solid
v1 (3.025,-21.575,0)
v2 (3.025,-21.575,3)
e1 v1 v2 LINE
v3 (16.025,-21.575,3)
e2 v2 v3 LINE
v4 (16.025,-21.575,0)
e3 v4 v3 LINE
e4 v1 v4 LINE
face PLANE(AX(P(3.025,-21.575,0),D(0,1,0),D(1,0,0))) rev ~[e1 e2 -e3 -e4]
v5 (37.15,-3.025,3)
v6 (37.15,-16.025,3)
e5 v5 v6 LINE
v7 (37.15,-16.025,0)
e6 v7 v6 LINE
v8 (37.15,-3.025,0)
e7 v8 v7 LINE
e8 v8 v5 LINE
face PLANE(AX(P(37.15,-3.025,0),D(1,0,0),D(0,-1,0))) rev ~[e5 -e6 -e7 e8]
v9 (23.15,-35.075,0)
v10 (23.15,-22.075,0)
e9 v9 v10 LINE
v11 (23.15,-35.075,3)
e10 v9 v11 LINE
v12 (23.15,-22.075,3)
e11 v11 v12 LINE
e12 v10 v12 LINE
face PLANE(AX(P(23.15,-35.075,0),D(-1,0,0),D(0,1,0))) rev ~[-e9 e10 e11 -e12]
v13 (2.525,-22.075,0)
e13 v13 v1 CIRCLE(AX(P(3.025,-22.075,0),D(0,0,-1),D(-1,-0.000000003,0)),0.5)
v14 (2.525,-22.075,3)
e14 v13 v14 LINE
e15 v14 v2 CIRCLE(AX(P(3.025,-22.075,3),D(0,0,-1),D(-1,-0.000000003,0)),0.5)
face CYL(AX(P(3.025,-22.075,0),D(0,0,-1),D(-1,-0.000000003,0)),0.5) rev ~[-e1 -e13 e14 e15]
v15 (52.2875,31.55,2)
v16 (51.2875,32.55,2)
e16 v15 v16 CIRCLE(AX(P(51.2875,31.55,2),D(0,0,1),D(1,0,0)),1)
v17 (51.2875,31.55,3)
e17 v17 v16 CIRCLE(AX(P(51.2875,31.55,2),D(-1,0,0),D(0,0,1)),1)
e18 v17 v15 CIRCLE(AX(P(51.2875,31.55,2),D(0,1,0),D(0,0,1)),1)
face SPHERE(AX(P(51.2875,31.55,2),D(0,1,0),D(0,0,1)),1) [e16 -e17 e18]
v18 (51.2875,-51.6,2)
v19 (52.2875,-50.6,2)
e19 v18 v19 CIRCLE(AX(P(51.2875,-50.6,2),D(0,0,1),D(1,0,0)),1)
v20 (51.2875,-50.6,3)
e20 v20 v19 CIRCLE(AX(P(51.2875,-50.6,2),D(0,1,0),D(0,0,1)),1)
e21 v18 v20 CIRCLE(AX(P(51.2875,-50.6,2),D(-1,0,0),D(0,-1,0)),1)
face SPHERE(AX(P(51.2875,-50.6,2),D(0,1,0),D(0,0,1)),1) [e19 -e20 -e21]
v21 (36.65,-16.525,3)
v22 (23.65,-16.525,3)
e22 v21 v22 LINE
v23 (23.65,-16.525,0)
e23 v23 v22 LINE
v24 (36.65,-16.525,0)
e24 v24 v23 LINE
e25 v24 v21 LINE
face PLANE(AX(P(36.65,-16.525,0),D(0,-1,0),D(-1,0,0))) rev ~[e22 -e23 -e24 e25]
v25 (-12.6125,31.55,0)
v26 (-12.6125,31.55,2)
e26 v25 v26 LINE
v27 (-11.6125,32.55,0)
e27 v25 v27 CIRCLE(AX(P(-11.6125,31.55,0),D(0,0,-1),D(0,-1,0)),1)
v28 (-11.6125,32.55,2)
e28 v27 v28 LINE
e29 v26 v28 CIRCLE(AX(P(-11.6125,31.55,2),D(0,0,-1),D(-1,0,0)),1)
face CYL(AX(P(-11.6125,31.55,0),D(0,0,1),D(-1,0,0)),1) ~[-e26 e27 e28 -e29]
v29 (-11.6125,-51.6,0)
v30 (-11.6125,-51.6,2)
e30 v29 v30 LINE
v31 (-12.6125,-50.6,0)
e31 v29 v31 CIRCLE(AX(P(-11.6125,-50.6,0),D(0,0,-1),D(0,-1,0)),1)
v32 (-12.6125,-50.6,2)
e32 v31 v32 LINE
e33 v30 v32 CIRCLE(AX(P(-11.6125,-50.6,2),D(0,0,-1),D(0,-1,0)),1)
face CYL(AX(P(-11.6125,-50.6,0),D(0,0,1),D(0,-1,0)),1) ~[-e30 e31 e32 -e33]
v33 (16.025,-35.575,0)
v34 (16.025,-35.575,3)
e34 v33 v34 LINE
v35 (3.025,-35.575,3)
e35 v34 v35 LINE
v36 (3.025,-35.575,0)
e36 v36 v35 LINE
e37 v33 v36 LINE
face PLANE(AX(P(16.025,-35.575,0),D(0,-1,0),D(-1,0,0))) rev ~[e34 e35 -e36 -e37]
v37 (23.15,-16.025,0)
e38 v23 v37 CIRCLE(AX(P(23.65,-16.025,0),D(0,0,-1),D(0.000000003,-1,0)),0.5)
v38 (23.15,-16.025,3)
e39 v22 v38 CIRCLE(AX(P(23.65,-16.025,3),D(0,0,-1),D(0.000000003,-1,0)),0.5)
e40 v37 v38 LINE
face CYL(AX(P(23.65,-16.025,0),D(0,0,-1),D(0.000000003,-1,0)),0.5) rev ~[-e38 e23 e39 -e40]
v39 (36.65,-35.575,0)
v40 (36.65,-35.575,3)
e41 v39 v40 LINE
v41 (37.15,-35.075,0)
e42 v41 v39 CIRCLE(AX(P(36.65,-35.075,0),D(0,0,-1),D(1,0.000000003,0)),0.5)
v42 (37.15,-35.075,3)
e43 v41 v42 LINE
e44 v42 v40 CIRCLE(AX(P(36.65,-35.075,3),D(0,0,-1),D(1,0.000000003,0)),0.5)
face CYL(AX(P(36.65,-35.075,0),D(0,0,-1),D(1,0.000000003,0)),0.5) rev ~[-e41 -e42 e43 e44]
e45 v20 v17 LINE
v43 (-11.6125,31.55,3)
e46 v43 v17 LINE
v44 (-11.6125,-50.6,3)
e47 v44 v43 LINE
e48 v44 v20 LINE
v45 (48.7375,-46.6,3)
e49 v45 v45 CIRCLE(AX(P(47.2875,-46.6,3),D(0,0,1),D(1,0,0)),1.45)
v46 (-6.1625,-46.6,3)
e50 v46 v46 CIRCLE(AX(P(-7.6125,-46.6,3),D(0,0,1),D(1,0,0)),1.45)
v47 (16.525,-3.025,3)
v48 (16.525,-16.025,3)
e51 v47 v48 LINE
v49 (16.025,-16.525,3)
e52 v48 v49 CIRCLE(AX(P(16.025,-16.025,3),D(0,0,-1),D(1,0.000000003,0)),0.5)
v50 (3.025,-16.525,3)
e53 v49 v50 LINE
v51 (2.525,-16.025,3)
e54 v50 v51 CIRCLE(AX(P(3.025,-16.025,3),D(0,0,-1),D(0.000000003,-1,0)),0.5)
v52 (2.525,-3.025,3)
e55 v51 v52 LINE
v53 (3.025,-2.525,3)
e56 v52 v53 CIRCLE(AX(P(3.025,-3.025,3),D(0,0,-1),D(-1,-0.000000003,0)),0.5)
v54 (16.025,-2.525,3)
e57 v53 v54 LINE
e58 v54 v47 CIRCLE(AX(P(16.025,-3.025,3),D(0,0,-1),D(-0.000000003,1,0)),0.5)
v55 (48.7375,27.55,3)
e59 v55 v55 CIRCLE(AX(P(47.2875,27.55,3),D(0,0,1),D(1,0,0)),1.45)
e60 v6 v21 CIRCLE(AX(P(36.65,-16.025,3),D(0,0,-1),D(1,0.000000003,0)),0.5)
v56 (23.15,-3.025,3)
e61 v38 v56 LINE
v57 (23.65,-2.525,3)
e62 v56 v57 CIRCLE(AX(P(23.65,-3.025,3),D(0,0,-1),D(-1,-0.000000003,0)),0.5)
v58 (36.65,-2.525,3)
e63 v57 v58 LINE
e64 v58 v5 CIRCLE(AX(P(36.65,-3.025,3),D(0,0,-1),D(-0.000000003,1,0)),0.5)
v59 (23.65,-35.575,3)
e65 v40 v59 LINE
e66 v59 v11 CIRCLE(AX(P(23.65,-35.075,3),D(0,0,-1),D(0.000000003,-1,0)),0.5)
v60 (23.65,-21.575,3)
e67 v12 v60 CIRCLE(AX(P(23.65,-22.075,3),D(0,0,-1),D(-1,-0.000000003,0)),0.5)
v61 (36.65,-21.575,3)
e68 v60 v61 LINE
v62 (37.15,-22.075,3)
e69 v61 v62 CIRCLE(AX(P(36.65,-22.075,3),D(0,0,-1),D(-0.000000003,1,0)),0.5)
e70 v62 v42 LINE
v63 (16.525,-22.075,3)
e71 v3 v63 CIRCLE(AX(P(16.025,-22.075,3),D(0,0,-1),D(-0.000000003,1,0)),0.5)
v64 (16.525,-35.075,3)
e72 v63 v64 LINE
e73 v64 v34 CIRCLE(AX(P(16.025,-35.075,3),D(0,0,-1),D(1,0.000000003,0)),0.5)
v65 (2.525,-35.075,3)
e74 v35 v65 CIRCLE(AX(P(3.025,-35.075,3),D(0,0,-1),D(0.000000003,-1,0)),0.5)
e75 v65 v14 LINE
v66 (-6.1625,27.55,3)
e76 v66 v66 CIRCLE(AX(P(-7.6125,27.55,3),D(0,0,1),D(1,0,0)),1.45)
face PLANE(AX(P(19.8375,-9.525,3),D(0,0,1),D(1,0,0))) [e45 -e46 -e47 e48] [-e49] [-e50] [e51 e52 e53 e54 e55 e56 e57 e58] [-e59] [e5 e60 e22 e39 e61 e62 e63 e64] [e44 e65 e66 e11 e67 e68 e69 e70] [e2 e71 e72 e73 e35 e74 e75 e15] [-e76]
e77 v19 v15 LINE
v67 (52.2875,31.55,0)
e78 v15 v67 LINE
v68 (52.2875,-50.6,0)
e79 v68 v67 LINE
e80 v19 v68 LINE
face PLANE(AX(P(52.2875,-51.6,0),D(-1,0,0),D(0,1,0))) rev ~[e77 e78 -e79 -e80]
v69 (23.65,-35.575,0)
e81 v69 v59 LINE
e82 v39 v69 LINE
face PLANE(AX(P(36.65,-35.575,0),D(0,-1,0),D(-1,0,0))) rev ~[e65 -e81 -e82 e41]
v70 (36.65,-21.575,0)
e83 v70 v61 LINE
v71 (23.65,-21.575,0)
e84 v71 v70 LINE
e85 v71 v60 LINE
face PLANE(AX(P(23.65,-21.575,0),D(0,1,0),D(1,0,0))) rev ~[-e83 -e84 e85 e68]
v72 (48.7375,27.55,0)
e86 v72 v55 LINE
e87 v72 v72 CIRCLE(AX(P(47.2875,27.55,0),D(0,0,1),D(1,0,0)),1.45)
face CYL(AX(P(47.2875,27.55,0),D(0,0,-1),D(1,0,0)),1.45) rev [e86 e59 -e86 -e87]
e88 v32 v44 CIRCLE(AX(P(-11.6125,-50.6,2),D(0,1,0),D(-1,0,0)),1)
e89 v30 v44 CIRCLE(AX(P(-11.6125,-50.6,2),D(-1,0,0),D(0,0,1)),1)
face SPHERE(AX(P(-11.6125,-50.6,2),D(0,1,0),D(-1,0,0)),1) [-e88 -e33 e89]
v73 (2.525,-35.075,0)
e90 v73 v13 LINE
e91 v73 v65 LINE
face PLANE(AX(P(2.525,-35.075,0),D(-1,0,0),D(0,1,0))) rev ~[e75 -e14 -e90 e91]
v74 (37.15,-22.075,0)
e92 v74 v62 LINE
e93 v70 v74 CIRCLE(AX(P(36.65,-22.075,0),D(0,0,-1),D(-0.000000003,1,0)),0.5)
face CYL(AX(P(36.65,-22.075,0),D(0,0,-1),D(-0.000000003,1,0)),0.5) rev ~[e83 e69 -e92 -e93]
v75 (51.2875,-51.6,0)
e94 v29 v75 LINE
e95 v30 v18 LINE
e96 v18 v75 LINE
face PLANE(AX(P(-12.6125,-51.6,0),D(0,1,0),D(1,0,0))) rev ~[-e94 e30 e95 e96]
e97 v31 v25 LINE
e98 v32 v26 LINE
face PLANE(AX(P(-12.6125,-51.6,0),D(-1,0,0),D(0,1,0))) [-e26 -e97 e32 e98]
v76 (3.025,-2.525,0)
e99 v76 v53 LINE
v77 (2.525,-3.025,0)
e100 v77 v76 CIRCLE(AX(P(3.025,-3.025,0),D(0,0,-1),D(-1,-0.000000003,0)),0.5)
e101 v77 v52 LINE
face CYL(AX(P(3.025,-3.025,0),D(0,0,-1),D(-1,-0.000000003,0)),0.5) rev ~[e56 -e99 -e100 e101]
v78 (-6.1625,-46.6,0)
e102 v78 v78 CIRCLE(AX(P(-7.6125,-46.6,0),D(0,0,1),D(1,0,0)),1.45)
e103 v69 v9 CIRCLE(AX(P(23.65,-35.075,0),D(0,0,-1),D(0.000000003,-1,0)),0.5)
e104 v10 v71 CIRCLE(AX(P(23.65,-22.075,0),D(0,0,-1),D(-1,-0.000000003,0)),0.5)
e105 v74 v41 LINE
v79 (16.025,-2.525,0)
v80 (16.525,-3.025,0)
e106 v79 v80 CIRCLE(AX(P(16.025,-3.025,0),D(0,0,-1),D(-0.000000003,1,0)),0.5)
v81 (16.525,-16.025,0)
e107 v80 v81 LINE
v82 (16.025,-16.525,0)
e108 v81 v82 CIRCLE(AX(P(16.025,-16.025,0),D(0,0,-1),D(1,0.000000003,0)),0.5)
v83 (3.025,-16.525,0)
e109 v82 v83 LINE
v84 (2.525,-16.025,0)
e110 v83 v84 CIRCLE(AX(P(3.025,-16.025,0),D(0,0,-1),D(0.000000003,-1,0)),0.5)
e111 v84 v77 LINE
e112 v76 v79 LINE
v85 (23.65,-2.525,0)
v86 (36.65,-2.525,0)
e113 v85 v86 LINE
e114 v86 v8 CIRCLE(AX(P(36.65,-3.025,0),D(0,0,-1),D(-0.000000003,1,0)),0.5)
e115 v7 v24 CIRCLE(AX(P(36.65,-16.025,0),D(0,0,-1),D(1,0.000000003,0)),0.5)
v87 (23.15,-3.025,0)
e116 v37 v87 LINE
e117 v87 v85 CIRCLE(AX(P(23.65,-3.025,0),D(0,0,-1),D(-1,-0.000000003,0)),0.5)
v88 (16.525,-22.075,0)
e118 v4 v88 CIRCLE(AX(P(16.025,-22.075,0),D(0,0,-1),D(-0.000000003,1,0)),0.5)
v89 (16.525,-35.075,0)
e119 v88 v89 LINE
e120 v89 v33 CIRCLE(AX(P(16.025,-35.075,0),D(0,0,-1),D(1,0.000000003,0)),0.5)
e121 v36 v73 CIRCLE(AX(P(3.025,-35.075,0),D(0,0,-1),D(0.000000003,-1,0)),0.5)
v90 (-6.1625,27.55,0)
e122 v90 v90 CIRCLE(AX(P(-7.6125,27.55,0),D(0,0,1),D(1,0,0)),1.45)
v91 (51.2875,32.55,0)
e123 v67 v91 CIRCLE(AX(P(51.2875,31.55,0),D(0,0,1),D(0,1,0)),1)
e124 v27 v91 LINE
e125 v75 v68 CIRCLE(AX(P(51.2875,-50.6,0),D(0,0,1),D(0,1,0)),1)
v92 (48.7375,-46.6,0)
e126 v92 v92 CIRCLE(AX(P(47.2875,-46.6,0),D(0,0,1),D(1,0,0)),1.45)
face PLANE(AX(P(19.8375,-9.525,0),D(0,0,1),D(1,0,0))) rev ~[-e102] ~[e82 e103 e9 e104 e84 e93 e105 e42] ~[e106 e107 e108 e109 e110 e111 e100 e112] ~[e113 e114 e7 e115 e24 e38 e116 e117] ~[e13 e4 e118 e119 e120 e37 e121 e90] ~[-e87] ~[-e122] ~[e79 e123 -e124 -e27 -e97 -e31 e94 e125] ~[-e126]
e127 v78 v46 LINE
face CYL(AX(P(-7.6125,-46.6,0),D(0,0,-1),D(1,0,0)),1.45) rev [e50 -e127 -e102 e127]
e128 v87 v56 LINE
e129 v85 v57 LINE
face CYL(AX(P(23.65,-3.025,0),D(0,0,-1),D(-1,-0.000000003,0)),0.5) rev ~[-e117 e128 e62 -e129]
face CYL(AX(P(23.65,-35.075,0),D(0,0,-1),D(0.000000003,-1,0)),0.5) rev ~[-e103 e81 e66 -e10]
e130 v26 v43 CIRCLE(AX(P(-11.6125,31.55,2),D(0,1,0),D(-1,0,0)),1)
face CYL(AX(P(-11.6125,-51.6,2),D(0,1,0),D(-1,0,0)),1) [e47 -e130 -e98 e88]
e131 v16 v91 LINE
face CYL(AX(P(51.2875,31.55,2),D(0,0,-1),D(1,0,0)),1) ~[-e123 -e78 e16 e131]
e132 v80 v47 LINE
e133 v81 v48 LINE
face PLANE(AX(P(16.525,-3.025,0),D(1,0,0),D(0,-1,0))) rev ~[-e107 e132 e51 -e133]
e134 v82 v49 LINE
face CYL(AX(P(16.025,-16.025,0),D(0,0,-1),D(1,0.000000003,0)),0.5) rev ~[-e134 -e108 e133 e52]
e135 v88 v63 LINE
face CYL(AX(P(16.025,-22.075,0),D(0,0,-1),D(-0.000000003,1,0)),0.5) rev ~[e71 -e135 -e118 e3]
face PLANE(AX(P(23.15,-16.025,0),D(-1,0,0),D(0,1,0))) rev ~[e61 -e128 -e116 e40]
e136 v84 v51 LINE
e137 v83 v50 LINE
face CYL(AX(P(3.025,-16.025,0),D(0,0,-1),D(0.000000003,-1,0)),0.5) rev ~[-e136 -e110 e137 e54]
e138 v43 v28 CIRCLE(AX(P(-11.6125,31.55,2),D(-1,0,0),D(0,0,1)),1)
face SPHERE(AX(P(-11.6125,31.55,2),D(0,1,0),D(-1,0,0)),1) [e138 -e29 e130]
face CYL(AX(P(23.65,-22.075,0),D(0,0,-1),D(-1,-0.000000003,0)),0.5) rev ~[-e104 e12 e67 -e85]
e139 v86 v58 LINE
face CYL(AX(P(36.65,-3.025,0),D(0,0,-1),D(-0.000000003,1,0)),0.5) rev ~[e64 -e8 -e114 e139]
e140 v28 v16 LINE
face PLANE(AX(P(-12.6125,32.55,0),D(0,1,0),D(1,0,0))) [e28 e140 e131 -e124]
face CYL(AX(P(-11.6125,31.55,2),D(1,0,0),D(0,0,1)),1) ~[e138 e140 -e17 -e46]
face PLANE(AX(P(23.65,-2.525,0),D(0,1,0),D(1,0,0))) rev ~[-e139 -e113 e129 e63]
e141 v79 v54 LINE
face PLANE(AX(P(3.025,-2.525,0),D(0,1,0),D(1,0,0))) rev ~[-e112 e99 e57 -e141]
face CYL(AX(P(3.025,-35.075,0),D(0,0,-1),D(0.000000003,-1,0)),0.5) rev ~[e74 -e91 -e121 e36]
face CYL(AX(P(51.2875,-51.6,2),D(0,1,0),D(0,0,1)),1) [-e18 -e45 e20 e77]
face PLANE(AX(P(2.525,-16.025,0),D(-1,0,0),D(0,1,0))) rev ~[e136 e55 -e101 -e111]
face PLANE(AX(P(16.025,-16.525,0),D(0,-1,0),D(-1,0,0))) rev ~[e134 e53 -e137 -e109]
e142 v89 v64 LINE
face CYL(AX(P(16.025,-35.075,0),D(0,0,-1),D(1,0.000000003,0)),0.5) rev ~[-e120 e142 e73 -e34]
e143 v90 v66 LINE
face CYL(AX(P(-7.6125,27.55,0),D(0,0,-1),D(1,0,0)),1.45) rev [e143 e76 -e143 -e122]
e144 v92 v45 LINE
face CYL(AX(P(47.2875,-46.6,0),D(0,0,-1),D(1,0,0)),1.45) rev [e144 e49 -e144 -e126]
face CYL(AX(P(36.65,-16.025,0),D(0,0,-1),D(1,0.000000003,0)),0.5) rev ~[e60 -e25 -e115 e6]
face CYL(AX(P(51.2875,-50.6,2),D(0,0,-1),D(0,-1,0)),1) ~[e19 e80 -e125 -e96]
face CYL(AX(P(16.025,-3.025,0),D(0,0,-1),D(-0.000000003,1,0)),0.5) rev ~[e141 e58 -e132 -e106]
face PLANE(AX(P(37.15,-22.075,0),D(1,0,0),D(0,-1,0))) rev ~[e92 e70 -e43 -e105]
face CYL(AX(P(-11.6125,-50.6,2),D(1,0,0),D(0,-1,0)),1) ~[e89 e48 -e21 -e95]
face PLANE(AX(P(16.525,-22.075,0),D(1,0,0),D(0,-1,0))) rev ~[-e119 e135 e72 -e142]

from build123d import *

# Parameters (mm, degrees)
MODEL_W            = 64.9
MODEL_H            = 84.15
MODEL_R            = 1.45
BOSS_EXTRU_2_DEPTH = 3
CONG_1_R           = 1
CONG_2_R           = 1
CONG_4_R           = 1
CONG_5_R           = 1


with BuildPart() as part:
    # Model → Boss.-Extru.2 (new body)
    with BuildSketch(Plane.XY):
        with Locations((19.8375, -9.525)):
            Rectangle(MODEL_W, MODEL_H)
        with Locations((-7.6125, 27.55)):
            Circle(MODEL_R, mode=Mode.SUBTRACT)
        with Locations((47.2875, 27.55)):
            Circle(MODEL_R, mode=Mode.SUBTRACT)
        with Locations((47.2875, -46.6)):
            Circle(MODEL_R, mode=Mode.SUBTRACT)
        with Locations((-7.6125, -46.6)):
            Circle(MODEL_R, mode=Mode.SUBTRACT)
        with BuildLine():
            Line((3.025, -2.525), (16.025, -2.525))
            ThreePointArc((16.025, -2.525), (16.378553391, -2.671446609), (16.525, -3.025))
            Line((16.525, -3.025), (16.525, -16.025))
            ThreePointArc((16.525, -16.025), (16.378553391, -16.378553391), (16.025, -16.525))
            Line((16.025, -16.525), (3.025, -16.525))
            ThreePointArc((3.025, -16.525), (2.671446609, -16.378553391), (2.525, -16.025))
            Line((2.525, -16.025), (2.525, -3.025))
            ThreePointArc((2.525, -3.025), (2.671446609, -2.671446609), (3.025, -2.525))
        make_face(mode=Mode.SUBTRACT)
        with BuildLine():
            Line((23.65, -2.525), (36.65, -2.525))
            ThreePointArc((36.65, -2.525), (37.003553391, -2.671446609), (37.15, -3.025))
            Line((37.15, -3.025), (37.15, -16.025))
            ThreePointArc((37.15, -16.025), (37.003553391, -16.378553391), (36.65, -16.525))
            Line((36.65, -16.525), (23.65, -16.525))
            ThreePointArc((23.65, -16.525), (23.296446609, -16.378553391), (23.15, -16.025))
            Line((23.15, -16.025), (23.15, -3.025))
            ThreePointArc((23.15, -3.025), (23.296446609, -2.671446609), (23.65, -2.525))
        make_face(mode=Mode.SUBTRACT)
        with BuildLine():
            Line((3.025, -21.575), (16.025, -21.575))
            ThreePointArc((16.025, -21.575), (16.378553391, -21.721446609), (16.525, -22.075))
            Line((16.525, -22.075), (16.525, -35.075))
            ThreePointArc((16.525, -35.075), (16.378553391, -35.428553391), (16.025, -35.575))
            Line((16.025, -35.575), (3.025, -35.575))
            ThreePointArc((3.025, -35.575), (2.671446609, -35.428553391), (2.525, -35.075))
            Line((2.525, -35.075), (2.525, -22.075))
            ThreePointArc((2.525, -22.075), (2.671446609, -21.721446609), (3.025, -21.575))
        make_face(mode=Mode.SUBTRACT)
        with BuildLine():
            Line((23.65, -21.575), (36.65, -21.575))
            ThreePointArc((36.65, -21.575), (37.003553391, -21.721446609), (37.15, -22.075))
            Line((37.15, -22.075), (37.15, -35.075))
            ThreePointArc((37.15, -35.075), (37.003553391, -35.428553391), (36.65, -35.575))
            Line((36.65, -35.575), (23.65, -35.575))
            ThreePointArc((23.65, -35.575), (23.296446609, -35.428553391), (23.15, -35.075))
            Line((23.15, -35.075), (23.15, -22.075))
            ThreePointArc((23.15, -22.075), (23.296446609, -21.721446609), (23.65, -21.575))
        make_face(mode=Mode.SUBTRACT)
    extrude(amount=BOSS_EXTRU_2_DEPTH)

    # Congé1
    cong_1_edges = [part.edges().sort_by_distance(p)[0] for p in [
        (-12.6125, -9.525, 3),
    ]]
    fillet(cong_1_edges, radius=CONG_1_R)

    # Congé2
    cong_2_edges = [part.edges().sort_by_distance(p)[0] for p in [
        (52.2875, -9.525, 3),
    ]]
    fillet(cong_2_edges, radius=CONG_2_R)

    # Congé4
    cong_4_edges = [part.edges().sort_by_distance(p)[0] for p in [
        (19.8375, -51.6, 3),
        (-12.6125, -51.6, 1),
        (-12.319606781, -51.6, 2.707106781),
        (52.2875, -51.6, 1),
        (51.994606781, -51.6, 2.707106781),
    ]]
    fillet(cong_4_edges, radius=CONG_4_R)

    # Congé5
    cong_5_edges = [part.edges().sort_by_distance(p)[0] for p in [
        (-12.6125, 32.55, 1),
        (-12.319606781, 32.55, 2.707106781),
        (19.8375, 32.55, 3),
        (52.2875, 32.55, 1),
        (51.994606781, 32.55, 2.707106781),
    ]]
    fillet(cong_5_edges, radius=CONG_5_R)


solid = part.part
